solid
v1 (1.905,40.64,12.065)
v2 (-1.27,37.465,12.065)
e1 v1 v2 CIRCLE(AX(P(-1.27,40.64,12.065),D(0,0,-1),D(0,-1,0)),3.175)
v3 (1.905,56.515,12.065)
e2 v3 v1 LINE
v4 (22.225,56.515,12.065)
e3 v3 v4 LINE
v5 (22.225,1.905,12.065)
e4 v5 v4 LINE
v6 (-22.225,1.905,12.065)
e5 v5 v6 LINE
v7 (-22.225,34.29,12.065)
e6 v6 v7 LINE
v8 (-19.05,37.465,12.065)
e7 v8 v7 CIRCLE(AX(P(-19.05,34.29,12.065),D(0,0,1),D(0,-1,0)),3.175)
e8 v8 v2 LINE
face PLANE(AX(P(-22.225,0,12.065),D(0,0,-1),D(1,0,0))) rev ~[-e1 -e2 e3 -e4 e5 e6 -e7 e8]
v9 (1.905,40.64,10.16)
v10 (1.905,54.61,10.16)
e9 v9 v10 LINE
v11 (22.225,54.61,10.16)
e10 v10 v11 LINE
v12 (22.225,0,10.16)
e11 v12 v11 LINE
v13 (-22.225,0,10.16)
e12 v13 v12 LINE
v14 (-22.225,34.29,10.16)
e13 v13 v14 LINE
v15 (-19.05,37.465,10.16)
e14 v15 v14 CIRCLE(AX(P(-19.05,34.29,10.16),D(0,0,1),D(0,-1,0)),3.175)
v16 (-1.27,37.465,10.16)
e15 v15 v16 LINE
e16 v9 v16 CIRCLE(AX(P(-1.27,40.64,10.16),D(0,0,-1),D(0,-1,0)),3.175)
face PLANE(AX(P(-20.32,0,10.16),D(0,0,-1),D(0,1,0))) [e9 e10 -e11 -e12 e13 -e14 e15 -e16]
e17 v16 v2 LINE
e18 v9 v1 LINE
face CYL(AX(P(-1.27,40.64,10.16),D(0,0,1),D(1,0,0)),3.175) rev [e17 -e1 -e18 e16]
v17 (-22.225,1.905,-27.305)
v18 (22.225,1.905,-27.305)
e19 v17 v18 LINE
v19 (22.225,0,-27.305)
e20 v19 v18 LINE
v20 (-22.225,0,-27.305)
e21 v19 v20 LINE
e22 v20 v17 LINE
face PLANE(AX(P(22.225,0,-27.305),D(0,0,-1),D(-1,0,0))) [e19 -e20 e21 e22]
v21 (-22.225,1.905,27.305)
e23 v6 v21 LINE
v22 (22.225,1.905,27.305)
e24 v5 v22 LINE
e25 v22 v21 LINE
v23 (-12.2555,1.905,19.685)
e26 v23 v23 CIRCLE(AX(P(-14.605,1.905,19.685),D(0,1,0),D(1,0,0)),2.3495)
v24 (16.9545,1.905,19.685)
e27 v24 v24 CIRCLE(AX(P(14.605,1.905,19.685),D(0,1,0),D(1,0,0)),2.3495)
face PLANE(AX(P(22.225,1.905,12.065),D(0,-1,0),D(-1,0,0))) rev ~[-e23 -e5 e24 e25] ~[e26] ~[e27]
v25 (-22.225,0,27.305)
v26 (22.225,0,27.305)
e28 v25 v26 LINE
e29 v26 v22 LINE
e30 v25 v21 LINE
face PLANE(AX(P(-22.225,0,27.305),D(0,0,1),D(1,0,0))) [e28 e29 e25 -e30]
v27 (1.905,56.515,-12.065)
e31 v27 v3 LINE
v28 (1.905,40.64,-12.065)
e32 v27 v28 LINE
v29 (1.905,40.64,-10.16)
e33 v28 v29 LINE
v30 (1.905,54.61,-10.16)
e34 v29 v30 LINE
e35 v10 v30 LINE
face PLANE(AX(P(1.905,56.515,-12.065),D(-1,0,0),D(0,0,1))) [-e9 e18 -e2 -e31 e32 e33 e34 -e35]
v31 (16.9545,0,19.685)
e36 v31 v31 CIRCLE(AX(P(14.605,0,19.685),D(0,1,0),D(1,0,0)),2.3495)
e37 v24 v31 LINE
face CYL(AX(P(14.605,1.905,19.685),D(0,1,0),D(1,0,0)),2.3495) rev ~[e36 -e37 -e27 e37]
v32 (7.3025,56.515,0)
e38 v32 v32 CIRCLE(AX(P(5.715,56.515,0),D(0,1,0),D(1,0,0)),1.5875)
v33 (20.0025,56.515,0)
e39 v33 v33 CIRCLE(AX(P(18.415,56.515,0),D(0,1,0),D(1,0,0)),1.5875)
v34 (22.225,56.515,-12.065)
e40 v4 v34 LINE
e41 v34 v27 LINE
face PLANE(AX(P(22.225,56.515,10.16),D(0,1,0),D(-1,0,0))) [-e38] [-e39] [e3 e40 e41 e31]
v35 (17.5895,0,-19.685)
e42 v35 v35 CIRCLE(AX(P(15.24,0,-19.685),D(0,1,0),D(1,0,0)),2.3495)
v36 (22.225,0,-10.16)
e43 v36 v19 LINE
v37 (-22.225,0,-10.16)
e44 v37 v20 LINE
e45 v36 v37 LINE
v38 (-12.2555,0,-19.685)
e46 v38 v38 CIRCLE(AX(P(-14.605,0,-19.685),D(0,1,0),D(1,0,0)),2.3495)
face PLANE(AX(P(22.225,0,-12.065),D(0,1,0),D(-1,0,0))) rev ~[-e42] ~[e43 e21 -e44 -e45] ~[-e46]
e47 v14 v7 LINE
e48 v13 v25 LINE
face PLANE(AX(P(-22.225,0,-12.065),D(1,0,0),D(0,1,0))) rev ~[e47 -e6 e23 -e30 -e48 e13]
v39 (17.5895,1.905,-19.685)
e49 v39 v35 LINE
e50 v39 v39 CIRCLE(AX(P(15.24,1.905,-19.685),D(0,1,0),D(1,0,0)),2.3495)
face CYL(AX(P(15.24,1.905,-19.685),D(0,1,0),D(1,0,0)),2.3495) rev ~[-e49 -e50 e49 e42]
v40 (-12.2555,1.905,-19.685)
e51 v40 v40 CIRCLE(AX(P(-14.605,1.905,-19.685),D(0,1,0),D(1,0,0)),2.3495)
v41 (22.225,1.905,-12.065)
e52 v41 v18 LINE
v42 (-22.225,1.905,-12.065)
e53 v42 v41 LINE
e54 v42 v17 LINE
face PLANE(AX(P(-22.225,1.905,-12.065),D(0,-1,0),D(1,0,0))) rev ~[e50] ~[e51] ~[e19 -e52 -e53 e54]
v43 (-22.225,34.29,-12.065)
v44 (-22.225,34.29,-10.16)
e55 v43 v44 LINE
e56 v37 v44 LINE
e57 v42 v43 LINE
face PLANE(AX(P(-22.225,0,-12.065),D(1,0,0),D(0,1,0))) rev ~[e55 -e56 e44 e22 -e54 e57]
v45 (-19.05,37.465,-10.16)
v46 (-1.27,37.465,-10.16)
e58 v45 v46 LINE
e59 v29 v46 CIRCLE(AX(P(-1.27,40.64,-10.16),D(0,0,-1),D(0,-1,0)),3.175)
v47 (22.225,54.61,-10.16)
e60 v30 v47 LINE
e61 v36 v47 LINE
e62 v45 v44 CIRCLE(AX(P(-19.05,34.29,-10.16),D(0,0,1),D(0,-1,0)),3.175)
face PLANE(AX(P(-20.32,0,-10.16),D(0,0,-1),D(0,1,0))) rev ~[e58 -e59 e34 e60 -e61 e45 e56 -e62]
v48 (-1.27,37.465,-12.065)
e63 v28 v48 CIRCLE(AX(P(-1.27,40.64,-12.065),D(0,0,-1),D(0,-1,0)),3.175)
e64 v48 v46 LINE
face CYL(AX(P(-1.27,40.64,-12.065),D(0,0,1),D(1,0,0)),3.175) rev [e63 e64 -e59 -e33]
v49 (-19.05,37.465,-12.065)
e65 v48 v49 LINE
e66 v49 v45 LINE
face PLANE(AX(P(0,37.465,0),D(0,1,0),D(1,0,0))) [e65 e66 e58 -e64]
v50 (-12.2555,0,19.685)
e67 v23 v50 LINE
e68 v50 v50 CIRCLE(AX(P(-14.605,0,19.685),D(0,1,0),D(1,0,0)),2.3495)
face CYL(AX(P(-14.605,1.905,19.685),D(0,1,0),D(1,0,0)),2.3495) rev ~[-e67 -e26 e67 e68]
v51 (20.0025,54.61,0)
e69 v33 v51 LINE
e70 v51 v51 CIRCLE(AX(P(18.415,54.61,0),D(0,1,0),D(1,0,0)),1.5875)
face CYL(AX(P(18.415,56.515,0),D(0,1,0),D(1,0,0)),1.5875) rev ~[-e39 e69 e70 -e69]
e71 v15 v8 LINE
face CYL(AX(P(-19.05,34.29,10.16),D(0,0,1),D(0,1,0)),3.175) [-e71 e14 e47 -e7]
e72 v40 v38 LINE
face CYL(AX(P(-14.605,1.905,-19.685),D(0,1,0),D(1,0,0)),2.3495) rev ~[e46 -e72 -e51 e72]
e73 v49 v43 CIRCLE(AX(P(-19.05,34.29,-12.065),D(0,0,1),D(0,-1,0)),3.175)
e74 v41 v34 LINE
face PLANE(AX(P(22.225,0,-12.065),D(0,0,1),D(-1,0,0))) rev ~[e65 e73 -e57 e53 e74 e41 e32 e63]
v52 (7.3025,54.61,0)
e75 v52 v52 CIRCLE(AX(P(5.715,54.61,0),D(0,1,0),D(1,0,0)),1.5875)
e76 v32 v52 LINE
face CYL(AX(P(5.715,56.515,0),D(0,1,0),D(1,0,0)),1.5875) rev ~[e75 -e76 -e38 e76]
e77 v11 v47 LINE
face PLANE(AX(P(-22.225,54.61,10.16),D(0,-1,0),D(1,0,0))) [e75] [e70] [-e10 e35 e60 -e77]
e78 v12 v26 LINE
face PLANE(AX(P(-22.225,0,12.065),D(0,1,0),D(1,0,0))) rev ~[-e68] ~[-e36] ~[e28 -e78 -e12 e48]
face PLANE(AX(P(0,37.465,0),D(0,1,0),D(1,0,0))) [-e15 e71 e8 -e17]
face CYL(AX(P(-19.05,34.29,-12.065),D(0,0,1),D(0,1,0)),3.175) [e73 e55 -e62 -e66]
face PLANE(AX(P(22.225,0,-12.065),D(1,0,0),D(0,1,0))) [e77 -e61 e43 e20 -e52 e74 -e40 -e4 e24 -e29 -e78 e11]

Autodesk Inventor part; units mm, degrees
ref_plane "YZ Plane" through (0, 0, 0) normal (1, 0, 0) x (0, 1, 0)
ref_plane "XZ Plane" through (0, 0, 0) normal (0, 1, 0) x (-1, 0, 0)
ref_plane "XY Plane" through (0, 0, 0) normal (0, 0, 1) x (1, 0, 0)
sketch "Sketch1" plane through (0, 0, 0) normal (0, 1, 0) x (-1, 0, 0)
  line L0 (20.32, 10.16) -> (-20.32, 10.16)
  line L1 (-20.32, 10.16) -> (-20.32, -10.16)
  line L2 (-20.32, -10.16) -> (20.32, -10.16)
  line L3 (20.32, -10.16) -> (20.32, 10.16)
  line L4 (22.225, 12.065) -> (-22.225, 12.065)
  line L5 (-22.225, 12.065) -> (-22.225, -12.065)
  line L6 (-22.225, -12.065) -> (22.225, -12.065)
  line L7 (22.225, -12.065) -> (22.225, 12.065)
  point P0 (0, 0)
  dimension "d0" = 40.64
  dimension "d1" = 20.32
  dimension "d2" = 40.64
  dimension "d3" = 44.45
  dimension "d4" = 24.13
  dimension "d5" = 44.45
extrude "Extrusion1" add sketch "Sketch1" along normal blind 56.515
sketch "Sketch2" plane through (-20.32, 0, -10.16) normal (1, 0, 0) x (0, 0, -1)
  line L0 (0, 0) -> (-20.32, 0) projected
  line L1 (0, 0) -> (0, 56.515) projected
  line L2 (-20.32, 56.515) -> (0, 56.515) projected
  line L3 (-20.32, 0) -> (-20.32, 56.515) projected
  point P0 (-10.16, 0)
extrude "Extrusion2" cut sketch "Sketch2" against normal blind 56.515
sketch "Sketch3" plane through (20.32, 0, 10.16) normal (-1, 0, 0) x (0, 0, 1)
  line L0 (0, 0) -> (-20.32, 0) projected
  line L1 (0, 0) -> (0, 56.515) projected
  line L2 (-20.32, 56.515) -> (0, 56.515) projected
  line L3 (-20.32, 0) -> (-20.32, 56.515) projected
  point P0 (-10.16, 0)
extrude "Extrusion3" cut sketch "Sketch3" against normal blind 56.515
sketch "Sketch4" plane through (22.225, 0, 10.16) normal (0, 0, -1) x (-1, 0, 0)
  line L0 (44.45, 56.515) -> (44.45, 0) projected
  line L1 (0, 56.515) -> (44.45, 56.515) projected
  line L2 (0, 0) -> (0, 56.515) projected
  line L3 (44.45, 54.61) -> (0, 54.61)
  point P0 (22.225, 0)
extrude "Extrusion4" add sketch "Sketch4" along normal blind 20.32
sketch "Sketch5" plane through (-22.225, 0, 12.065) normal (0, 0, 1) x (1, 0, 0)
  line L0 (0, 0) -> (44.45, 0) projected
  line L1 (44.45, 0) -> (44.45, 56.515) projected
  line L2 (0, 0) -> (0, 56.515) projected
  line L3 (44.45, 1.905) -> (0, 1.905)
  point P0 (22.225, 0)
extrude "Extrusion5" add sketch "Sketch5" along normal blind 15.24
sketch "Sketch6" plane through (22.225, 0, -12.065) normal (0, 0, -1) x (-1, 0, 0)
  line L0 (0, 0) -> (44.45, 0) projected
  line L1 (44.45, 0) -> (44.45, 56.515) projected
  line L2 (0, 0) -> (0, 56.515) projected
  line L3 (44.45, 1.905) -> (0, 1.905)
  point P0 (22.225, 0)
extrude "Extrusion6" add sketch "Sketch6" along normal blind 15.24
sketch "Sketch7" plane through (0, 56.515, 0) normal (0, 1, 0) x (1, 0, 0)
  circle A0 centre (18.415, 0) radius 1.5875
  circle A1 centre (5.715, 0) radius 1.5875
  circle A2 centre (-12.065, 0) radius 3.175
  point P0 (0, 0)
  dimension "d18" = 3.175
  dimension "d19" = 3.175
  dimension "d20" = 6.35
extrude "Extrusion7" cut sketch "Sketch7" against normal blind 15.24
sketch "Sketch8" plane through (-22.225, 1.905, 12.065) normal (0, 1, 0) x (1, 0, 0)
  circle A0 centre (7.62, -7.62) radius 2.3495
  circle A1 centre (36.83, -7.62) radius 2.3495
  point P0 (22.225, 12.065)
  dimension "d23" = 4.699
  dimension "d24" = 4.699
extrude "Extrusion8" cut sketch "Sketch8" against normal blind 15.24
sketch "Sketch9" plane through (-22.225, 1.905, -12.065) normal (0, 1, 0) x (1, 0, 0)
  circle A0 centre (7.62, 7.62) radius 2.3495
  circle A1 centre (37.465, 7.62) radius 2.3495
  point P0 (22.225, -12.065)
  dimension "d27" = 4.699
  dimension "d28" = 4.699
extrude "Extrusion9" cut sketch "Sketch9" against normal blind 15.24
sketch "Sketch10" plane through (0, 56.515, 0) normal (0, 1, 0) x (1, 0, 0)
  circle A0 centre (-12.065, 0) radius 3.175 projected
  line L0 (-22.225, 12.065) -> (-22.225, -12.065) projected
  line L1 (-22.225, -12.065) -> (22.225, -12.065) projected
  line L2 (22.225, 12.065) -> (-22.225, 12.065) projected
  line L3 (1.905, 12.065) -> (1.905, -12.065)
  point P0 (0, 0)
extrude "Extrusion10" cut sketch "Sketch10" against normal blind 19.05
fillet "Fillet1" radius 3.175 1 edges at (-22.225, 37.465, 11.1125)
fillet "Fillet2" radius 3.175 1 edges at (-22.225, 37.465, -11.1125)
fillet "Fillet3" radius 3.175 1 edges at (1.905, 37.465, 11.1125)
fillet "Fillet4" radius 3.175 1 edges at (1.905, 37.465, -11.1125)
properties part number "Autonomous - Ultrasonic Servo Mount"
